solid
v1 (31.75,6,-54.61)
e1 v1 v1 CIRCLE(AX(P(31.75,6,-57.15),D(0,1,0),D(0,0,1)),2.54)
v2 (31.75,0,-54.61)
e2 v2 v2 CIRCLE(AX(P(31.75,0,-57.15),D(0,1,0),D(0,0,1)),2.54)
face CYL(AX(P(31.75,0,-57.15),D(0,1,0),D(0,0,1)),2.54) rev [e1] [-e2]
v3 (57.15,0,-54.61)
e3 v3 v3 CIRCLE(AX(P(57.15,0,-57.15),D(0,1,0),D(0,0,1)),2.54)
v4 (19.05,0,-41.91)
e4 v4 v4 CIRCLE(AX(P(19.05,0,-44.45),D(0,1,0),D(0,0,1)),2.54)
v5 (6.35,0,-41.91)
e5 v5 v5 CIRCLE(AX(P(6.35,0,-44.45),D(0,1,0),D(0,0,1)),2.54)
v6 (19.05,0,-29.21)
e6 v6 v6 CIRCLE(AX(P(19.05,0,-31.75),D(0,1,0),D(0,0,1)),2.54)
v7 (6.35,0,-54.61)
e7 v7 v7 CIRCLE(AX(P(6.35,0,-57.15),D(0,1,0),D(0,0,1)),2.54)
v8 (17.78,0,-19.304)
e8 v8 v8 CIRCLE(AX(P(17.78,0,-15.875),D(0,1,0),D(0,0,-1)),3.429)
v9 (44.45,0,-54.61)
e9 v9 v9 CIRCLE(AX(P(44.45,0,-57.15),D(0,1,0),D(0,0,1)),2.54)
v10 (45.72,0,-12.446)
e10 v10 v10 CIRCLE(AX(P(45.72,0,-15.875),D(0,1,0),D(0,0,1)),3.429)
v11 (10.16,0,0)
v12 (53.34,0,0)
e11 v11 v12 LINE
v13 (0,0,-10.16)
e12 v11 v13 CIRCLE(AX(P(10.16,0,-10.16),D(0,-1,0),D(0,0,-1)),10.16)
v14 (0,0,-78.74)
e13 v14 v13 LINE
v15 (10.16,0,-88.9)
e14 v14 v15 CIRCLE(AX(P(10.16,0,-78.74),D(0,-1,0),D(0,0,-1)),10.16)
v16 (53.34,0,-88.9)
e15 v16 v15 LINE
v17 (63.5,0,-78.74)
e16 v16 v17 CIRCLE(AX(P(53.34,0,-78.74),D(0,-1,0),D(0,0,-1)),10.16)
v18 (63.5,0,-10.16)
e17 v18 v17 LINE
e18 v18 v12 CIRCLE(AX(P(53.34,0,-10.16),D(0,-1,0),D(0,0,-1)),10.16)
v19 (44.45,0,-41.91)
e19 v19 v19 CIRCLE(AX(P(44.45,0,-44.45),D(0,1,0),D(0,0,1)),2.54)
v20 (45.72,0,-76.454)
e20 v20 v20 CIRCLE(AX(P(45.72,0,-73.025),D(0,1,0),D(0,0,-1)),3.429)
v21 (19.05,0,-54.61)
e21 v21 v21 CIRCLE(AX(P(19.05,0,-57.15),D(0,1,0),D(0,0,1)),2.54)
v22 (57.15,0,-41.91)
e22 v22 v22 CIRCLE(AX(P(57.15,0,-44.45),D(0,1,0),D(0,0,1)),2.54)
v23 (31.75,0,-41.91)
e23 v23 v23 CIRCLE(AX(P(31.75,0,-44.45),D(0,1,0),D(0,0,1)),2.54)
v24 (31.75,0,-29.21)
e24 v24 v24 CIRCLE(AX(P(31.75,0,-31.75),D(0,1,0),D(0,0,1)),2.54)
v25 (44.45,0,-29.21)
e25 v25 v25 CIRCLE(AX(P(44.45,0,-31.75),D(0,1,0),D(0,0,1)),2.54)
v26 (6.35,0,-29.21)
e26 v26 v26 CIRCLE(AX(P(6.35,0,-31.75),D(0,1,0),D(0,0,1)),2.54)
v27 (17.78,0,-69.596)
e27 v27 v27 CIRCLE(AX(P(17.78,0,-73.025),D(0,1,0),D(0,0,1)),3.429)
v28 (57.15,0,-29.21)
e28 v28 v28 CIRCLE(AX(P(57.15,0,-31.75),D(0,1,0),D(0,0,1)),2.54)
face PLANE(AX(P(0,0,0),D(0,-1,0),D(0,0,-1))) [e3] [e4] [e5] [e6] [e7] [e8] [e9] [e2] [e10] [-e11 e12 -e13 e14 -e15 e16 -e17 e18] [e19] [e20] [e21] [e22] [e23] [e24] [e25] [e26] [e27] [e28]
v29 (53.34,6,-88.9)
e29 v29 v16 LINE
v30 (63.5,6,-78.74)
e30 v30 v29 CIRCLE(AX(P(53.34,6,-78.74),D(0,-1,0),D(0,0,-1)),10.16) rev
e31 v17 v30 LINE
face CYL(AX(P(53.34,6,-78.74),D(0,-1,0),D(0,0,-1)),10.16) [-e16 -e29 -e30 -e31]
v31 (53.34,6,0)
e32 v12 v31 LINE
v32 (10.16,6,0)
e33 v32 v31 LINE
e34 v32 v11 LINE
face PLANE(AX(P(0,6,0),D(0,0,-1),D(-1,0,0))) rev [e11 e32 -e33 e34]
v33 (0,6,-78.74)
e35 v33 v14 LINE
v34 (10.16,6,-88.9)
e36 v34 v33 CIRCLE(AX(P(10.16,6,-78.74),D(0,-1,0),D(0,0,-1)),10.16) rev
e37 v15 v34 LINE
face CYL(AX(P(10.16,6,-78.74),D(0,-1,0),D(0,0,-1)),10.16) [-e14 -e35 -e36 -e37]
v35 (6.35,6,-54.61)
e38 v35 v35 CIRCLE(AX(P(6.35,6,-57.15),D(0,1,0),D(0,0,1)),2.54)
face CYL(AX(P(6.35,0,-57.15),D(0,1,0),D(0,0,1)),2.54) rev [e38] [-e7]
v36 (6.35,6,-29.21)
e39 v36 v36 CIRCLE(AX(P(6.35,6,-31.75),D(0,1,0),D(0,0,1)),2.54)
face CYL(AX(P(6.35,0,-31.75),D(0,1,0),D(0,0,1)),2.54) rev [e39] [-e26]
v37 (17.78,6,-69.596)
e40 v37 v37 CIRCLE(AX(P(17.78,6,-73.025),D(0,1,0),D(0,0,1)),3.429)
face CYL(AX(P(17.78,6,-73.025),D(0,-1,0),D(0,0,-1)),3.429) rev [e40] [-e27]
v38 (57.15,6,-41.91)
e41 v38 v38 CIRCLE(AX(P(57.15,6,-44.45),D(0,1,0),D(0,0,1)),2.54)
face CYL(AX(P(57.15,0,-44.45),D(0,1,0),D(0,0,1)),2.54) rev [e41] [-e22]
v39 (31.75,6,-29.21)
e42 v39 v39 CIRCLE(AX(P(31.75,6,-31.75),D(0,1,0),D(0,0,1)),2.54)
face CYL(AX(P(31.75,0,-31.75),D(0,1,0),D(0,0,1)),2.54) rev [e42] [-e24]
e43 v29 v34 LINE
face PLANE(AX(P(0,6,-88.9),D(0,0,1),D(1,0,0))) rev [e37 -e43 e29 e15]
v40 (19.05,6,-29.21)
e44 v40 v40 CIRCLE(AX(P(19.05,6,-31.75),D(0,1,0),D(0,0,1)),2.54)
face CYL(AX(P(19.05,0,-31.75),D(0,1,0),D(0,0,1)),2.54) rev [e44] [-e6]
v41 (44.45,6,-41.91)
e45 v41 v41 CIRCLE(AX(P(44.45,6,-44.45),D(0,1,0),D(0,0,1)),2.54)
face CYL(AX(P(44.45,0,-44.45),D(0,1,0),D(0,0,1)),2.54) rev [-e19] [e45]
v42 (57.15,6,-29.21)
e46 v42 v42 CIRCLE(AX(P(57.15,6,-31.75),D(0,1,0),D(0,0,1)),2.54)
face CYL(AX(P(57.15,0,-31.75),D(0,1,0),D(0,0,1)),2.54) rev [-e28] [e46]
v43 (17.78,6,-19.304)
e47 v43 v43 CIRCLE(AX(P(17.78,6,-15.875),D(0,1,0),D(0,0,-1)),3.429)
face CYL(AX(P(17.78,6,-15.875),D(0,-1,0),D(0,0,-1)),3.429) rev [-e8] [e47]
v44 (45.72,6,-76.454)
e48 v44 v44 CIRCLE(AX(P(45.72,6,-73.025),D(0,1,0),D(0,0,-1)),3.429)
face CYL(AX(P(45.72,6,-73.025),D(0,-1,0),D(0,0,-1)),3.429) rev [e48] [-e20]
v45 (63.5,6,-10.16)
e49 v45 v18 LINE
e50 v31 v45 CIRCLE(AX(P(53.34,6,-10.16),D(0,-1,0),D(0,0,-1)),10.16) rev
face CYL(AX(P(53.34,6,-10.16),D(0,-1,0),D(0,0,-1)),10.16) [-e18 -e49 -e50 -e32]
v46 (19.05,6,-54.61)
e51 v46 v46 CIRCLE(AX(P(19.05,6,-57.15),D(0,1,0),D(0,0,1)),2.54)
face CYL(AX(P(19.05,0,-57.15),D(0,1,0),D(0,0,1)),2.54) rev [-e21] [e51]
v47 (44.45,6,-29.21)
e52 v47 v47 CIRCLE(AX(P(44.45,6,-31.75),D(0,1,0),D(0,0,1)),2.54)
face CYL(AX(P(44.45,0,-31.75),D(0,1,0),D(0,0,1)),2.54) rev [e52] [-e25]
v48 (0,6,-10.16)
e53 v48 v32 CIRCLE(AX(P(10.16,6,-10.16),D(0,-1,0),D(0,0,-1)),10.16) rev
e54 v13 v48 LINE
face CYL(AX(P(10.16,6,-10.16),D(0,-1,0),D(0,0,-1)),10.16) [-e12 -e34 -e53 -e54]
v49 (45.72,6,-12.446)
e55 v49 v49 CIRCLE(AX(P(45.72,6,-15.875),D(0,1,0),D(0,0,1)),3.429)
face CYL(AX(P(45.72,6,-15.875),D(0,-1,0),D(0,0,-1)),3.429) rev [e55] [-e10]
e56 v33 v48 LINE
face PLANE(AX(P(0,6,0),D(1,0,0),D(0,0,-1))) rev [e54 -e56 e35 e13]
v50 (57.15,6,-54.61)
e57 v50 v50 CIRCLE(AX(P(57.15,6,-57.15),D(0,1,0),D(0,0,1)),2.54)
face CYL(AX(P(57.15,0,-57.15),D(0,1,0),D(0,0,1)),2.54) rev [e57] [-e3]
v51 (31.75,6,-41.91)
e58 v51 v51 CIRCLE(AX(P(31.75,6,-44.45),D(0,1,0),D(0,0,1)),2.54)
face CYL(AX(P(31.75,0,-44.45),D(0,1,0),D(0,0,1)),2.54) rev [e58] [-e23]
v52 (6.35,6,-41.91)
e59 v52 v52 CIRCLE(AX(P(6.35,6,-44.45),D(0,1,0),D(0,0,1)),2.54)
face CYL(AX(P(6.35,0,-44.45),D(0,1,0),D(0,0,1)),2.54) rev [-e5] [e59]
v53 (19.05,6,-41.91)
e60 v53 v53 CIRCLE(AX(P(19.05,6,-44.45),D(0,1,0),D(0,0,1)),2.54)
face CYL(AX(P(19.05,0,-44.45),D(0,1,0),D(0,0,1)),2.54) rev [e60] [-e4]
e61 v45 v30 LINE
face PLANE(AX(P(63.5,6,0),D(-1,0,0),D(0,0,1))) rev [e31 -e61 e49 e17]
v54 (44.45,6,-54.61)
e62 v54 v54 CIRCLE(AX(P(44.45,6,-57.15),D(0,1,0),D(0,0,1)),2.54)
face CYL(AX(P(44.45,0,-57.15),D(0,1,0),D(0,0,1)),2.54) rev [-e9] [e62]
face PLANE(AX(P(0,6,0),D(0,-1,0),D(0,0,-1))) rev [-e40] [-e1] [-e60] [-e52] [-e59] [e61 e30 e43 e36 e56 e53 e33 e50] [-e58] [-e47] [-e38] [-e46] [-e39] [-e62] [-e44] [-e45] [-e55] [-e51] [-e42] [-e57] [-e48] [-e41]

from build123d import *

# Parameters (mm, degrees)
SKETCH1_W           = 63.5
SKETCH1_H           = 88.9
SKETCH1_R           = 3.429
BOSS_EXTRUDE1_DEPTH = 6
FILLET1_R           = 10.16
SKETCH2_R           = 2.54
CUT_EXTRUDE1_DEPTH  = 110.414167273


with BuildPart() as part:
    # Sketch1 → Boss-Extrude1 (new body)
    with BuildSketch(Plane(origin=(0, 0, 0), x_dir=(1, 0, 0), z_dir=(0, 1, 0))):
        with Locations((31.75, 44.45)):
            Rectangle(SKETCH1_W, SKETCH1_H)
        with Locations(Location((17.78, 73.025, 0), (0, 0, 270))):
            Circle(SKETCH1_R, mode=Mode.SUBTRACT)
        with Locations(Location((45.72, 15.875, 0), (0, 0, 270))):
            Circle(SKETCH1_R, mode=Mode.SUBTRACT)
        with Locations(Location((17.78, 15.875, 0), (0, 0, 90))):
            Circle(SKETCH1_R, mode=Mode.SUBTRACT)
        with Locations(Location((45.72, 73.025, 0), (0, 0, 90))):
            Circle(SKETCH1_R, mode=Mode.SUBTRACT)
    extrude(amount=BOSS_EXTRUDE1_DEPTH)

    # Fillet1
    fillet1_edges = [part.edges().sort_by_distance(p)[0] for p in [
        (0, 3, -88.9),
        (63.5, 3, -88.9),
        (63.5, 3, 0),
        (0, 3, 0),
    ]]
    fillet(fillet1_edges, radius=FILLET1_R)

    # Sketch2 → Cut-Extrude1 (cut, through all)
    with BuildSketch(Plane(origin=(0, 6, 0), x_dir=(1, 0, 0), z_dir=(0, 1, 0))):
        with Locations(Location((6.35, 31.75, 0), (0, 0, 270))):
            Circle(SKETCH2_R)
        with Locations(Location((6.35, 44.45, 0), (0, 0, 270))):
            Circle(SKETCH2_R)
        with Locations(Location((6.35, 57.15, 0), (0, 0, 270))):
            Circle(SKETCH2_R)
        with Locations(Location((19.05, 57.15, 0), (0, 0, 270))):
            Circle(SKETCH2_R)
        with Locations(Location((19.05, 44.45, 0), (0, 0, 270))):
            Circle(SKETCH2_R)
        with Locations(Location((19.05, 31.75, 0), (0, 0, 270))):
            Circle(SKETCH2_R)
        with Locations(Location((31.75, 31.75, 0), (0, 0, 270))):
            Circle(SKETCH2_R)
        with Locations(Location((31.75, 44.45, 0), (0, 0, 270))):
            Circle(SKETCH2_R)
        with Locations(Location((31.75, 57.15, 0), (0, 0, 270))):
            Circle(SKETCH2_R)
        with Locations(Location((44.45, 57.15, 0), (0, 0, 270))):
            Circle(SKETCH2_R)
        with Locations(Location((44.45, 44.45, 0), (0, 0, 270))):
            Circle(SKETCH2_R)
        with Locations(Location((57.15, 44.45, 0), (0, 0, 270))):
            Circle(SKETCH2_R)
        with Locations(Location((57.15, 31.75, 0), (0, 0, 270))):
            Circle(SKETCH2_R)
        with Locations(Location((44.45, 31.75, 0), (0, 0, 270))):
            Circle(SKETCH2_R)
        with Locations(Location((57.15, 57.15, 0), (0, 0, 270))):
            Circle(SKETCH2_R)
    extrude(amount=-CUT_EXTRUDE1_DEPTH, mode=Mode.SUBTRACT)


solid = part.part
